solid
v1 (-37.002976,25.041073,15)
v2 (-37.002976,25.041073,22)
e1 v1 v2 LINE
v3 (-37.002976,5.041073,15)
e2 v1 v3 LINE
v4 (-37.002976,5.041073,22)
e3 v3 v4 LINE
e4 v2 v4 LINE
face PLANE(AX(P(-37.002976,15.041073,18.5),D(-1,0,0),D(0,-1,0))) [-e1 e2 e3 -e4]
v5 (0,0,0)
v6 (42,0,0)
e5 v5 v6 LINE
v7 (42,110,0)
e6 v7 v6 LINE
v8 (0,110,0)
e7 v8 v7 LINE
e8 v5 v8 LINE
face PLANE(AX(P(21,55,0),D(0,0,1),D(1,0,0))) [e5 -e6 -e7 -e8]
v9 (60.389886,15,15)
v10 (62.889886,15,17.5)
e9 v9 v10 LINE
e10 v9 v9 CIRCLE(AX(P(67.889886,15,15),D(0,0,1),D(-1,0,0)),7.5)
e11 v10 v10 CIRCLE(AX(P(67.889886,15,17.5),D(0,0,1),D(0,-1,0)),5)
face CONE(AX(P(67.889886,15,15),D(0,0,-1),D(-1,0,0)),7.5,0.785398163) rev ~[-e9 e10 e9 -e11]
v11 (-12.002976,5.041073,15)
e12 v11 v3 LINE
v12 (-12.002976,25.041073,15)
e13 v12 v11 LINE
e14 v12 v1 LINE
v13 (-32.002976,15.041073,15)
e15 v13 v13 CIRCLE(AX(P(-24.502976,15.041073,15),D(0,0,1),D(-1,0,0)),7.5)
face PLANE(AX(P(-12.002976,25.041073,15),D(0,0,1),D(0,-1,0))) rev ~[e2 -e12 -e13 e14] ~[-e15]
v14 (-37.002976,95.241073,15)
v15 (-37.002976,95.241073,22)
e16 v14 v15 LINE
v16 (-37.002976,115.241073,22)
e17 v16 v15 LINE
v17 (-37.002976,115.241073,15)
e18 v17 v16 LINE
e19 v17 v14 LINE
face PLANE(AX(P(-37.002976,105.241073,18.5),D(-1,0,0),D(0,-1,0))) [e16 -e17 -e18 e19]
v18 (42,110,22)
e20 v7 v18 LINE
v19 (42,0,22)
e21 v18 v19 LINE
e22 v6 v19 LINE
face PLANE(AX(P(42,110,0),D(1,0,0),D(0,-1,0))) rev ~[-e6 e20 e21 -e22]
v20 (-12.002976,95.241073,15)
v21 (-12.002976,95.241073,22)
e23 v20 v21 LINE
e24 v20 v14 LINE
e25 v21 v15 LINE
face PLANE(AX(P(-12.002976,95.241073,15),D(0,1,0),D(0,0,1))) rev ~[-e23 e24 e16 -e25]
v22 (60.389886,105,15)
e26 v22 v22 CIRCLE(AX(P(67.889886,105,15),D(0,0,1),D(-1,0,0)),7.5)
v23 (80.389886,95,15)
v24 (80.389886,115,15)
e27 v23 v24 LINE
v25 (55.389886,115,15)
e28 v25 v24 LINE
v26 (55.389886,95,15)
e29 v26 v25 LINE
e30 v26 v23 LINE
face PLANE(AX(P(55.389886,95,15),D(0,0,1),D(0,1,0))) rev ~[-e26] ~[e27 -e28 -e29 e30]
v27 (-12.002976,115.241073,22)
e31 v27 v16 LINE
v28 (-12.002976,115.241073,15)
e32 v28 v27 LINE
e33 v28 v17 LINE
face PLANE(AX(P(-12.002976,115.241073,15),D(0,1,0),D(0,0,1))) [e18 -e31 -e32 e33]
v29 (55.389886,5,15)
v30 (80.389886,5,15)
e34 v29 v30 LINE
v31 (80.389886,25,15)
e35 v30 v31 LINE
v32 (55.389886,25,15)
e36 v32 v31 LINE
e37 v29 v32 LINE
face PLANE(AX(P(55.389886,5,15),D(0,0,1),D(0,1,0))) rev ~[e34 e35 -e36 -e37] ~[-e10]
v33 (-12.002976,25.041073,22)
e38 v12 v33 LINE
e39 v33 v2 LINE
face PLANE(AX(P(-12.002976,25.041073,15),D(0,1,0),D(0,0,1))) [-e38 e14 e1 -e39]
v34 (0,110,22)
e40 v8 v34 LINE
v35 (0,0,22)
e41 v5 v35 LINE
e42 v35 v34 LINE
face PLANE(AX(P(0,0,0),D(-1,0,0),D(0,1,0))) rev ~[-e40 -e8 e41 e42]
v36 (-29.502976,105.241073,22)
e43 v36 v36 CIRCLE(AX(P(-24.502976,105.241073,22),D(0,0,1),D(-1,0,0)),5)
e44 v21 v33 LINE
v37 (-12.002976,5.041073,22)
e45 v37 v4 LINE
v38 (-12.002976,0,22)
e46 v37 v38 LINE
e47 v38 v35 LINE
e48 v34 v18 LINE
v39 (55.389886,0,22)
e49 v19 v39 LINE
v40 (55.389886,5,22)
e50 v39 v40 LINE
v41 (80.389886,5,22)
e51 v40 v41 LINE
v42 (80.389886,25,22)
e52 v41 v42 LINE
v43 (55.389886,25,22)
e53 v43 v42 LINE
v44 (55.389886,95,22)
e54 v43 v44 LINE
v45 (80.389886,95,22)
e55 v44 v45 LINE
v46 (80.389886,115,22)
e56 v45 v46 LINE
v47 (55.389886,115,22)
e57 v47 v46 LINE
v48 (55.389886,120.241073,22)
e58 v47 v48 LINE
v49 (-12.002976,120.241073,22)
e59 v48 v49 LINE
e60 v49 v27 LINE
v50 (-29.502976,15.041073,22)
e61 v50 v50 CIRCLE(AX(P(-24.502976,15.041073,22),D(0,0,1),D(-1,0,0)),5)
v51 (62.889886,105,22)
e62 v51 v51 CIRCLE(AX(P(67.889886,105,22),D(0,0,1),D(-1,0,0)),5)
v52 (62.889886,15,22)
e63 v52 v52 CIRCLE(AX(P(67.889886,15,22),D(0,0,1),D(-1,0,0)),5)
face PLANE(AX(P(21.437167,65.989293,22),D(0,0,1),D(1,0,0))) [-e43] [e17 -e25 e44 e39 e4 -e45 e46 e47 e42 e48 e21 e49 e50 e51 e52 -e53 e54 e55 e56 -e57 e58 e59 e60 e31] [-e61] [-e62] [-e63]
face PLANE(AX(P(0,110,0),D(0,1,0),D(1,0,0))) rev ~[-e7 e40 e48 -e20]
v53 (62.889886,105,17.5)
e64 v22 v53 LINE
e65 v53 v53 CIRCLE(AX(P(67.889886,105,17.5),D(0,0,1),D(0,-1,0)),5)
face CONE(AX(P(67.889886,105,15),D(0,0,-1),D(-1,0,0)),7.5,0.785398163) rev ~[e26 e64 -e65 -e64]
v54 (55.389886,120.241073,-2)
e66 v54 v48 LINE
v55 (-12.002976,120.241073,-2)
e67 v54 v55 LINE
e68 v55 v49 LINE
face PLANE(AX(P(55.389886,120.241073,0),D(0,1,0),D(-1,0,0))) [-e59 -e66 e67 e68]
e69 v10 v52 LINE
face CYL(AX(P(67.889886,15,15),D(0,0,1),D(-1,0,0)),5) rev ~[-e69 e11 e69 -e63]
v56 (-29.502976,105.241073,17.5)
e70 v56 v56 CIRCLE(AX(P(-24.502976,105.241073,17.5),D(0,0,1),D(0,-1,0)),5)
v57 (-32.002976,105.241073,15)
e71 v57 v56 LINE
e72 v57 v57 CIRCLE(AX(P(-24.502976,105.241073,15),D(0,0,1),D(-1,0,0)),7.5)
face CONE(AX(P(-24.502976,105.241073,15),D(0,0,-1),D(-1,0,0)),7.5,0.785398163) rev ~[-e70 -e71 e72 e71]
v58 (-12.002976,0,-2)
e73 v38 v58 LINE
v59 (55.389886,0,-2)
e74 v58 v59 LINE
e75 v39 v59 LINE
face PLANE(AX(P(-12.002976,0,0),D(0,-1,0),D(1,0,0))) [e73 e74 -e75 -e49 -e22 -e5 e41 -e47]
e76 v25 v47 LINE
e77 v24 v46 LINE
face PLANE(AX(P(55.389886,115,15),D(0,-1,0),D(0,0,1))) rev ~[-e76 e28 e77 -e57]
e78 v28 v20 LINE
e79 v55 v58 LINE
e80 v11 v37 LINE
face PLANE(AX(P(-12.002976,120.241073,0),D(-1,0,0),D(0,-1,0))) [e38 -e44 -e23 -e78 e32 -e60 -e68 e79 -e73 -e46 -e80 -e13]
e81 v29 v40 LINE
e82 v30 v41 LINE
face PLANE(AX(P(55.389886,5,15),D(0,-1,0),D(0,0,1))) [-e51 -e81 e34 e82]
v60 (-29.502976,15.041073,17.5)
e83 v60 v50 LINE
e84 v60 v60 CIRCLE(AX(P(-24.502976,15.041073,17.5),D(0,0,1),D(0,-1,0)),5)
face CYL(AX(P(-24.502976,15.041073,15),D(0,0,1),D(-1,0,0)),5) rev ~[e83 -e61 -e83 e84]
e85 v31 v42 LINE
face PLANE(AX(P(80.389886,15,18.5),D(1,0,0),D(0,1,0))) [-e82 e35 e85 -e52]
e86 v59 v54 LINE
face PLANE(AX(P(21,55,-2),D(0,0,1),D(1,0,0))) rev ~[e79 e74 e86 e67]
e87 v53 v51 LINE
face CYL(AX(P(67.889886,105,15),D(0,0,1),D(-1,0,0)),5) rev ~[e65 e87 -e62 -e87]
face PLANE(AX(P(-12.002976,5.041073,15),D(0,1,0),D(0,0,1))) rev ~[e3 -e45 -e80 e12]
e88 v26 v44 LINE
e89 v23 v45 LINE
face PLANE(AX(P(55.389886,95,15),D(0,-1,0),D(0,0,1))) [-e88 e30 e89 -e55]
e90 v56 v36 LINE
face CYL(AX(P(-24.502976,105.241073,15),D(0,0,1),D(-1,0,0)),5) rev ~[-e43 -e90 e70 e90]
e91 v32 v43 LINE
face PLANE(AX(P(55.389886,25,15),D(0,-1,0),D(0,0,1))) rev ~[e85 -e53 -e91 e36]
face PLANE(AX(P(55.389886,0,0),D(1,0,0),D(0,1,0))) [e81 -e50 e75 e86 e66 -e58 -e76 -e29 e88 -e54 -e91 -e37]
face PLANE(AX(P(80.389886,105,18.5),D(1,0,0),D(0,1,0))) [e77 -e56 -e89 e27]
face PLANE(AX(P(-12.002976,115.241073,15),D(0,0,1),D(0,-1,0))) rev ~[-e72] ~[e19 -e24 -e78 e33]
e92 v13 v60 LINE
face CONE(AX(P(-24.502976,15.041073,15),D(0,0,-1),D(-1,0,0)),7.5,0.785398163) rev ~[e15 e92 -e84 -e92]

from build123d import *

# Parameters (mm, degrees)
F1_DEPTH        = 22
F0_W            = 42
F0_H            = 110
F2_DEPTH        = 2
F3_W            = 20
F3_H            = 7
F4_DEPTH        = 25
F6_W            = 20
F6_H            = 7
F7_DEPTH        = 25
F9_D            = 10
F9_CSINK_D      = 15
F9_CSINK_ANGLE  = 90
F11_D           = 10
F11_CSINK_D     = 15
F11_CSINK_ANGLE = 90
F13_D           = 10
F13_CSINK_D     = 15
F13_CSINK_ANGLE = 90
F15_D           = 10
F15_CSINK_D     = 15
F15_CSINK_ANGLE = 90


with BuildPart() as f1:
    # F0 (on Top) → F1 (new body)
    with BuildSketch(Plane.XY):
        Polygon((-12.002976, 0), (0, 0), (0, 110), (42, 110), (42, 0), (55.389886, 0), (55.389886, 120.241073), (-12.002976, 120.241073), align=None)
    extrude(amount=F1_DEPTH)

    # F0 (on Top) → F2 (join)
    with BuildSketch(Plane.XY):
        with Locations((21, 55)):
            Rectangle(F0_W, F0_H)
        Polygon((-12.002976, 0), (0, 0), (0, 110), (42, 110), (42, 0), (55.389886, 0), (55.389886, 120.241073), (-12.002976, 120.241073), align=None)
    extrude(amount=-F2_DEPTH)

    # F3 (on face) → F4 (join)
    with BuildSketch(Plane.YZ.offset(55.389886)):
        with Locations((15, 18.5)):
            Rectangle(F3_W, F3_H)
        with Locations((105, 18.5)):
            Rectangle(F3_W, F3_H)
    extrude(amount=F4_DEPTH)

    # F6 (on face) → F7 (join)
    with BuildSketch(Plane(origin=(-12.002976, 0, 0), x_dir=(0, -1, 0), z_dir=(-1, 0, 0))):
        with Locations((-105.241073, 18.5)):
            Rectangle(F6_W, F6_H)
        with Locations((-15.041073, 18.5)):
            Rectangle(F6_W, F6_H)
    extrude(amount=F7_DEPTH)

    # F9 (through all)
    with Locations(Plane(origin=(0, 0, 15), x_dir=(1, 0, 0), z_dir=(0, 0, -1))):
        with Locations((67.889886, -105)):
            CounterSinkHole(F9_D / 2, F9_CSINK_D / 2, counter_sink_angle=F9_CSINK_ANGLE)

    # F11 (through all)
    with Locations(Plane(origin=(0, 0, 15), x_dir=(1, 0, 0), z_dir=(0, 0, -1))):
        with Locations((67.889886, -15)):
            CounterSinkHole(F11_D / 2, F11_CSINK_D / 2, counter_sink_angle=F11_CSINK_ANGLE)

    # F13 (through all)
    with Locations(Plane(origin=(0, 0, 15), x_dir=(1, 0, 0), z_dir=(0, 0, -1))):
        with Locations((-24.502976, -15.041073)):
            CounterSinkHole(F13_D / 2, F13_CSINK_D / 2, counter_sink_angle=F13_CSINK_ANGLE)

    # F15 (through all)
    with Locations(Plane(origin=(0, 0, 15), x_dir=(1, 0, 0), z_dir=(0, 0, -1))):
        with Locations((-24.502976, -105.241073)):
            CounterSinkHole(F15_D / 2, F15_CSINK_D / 2, counter_sink_angle=F15_CSINK_ANGLE)


solid = f1.part
